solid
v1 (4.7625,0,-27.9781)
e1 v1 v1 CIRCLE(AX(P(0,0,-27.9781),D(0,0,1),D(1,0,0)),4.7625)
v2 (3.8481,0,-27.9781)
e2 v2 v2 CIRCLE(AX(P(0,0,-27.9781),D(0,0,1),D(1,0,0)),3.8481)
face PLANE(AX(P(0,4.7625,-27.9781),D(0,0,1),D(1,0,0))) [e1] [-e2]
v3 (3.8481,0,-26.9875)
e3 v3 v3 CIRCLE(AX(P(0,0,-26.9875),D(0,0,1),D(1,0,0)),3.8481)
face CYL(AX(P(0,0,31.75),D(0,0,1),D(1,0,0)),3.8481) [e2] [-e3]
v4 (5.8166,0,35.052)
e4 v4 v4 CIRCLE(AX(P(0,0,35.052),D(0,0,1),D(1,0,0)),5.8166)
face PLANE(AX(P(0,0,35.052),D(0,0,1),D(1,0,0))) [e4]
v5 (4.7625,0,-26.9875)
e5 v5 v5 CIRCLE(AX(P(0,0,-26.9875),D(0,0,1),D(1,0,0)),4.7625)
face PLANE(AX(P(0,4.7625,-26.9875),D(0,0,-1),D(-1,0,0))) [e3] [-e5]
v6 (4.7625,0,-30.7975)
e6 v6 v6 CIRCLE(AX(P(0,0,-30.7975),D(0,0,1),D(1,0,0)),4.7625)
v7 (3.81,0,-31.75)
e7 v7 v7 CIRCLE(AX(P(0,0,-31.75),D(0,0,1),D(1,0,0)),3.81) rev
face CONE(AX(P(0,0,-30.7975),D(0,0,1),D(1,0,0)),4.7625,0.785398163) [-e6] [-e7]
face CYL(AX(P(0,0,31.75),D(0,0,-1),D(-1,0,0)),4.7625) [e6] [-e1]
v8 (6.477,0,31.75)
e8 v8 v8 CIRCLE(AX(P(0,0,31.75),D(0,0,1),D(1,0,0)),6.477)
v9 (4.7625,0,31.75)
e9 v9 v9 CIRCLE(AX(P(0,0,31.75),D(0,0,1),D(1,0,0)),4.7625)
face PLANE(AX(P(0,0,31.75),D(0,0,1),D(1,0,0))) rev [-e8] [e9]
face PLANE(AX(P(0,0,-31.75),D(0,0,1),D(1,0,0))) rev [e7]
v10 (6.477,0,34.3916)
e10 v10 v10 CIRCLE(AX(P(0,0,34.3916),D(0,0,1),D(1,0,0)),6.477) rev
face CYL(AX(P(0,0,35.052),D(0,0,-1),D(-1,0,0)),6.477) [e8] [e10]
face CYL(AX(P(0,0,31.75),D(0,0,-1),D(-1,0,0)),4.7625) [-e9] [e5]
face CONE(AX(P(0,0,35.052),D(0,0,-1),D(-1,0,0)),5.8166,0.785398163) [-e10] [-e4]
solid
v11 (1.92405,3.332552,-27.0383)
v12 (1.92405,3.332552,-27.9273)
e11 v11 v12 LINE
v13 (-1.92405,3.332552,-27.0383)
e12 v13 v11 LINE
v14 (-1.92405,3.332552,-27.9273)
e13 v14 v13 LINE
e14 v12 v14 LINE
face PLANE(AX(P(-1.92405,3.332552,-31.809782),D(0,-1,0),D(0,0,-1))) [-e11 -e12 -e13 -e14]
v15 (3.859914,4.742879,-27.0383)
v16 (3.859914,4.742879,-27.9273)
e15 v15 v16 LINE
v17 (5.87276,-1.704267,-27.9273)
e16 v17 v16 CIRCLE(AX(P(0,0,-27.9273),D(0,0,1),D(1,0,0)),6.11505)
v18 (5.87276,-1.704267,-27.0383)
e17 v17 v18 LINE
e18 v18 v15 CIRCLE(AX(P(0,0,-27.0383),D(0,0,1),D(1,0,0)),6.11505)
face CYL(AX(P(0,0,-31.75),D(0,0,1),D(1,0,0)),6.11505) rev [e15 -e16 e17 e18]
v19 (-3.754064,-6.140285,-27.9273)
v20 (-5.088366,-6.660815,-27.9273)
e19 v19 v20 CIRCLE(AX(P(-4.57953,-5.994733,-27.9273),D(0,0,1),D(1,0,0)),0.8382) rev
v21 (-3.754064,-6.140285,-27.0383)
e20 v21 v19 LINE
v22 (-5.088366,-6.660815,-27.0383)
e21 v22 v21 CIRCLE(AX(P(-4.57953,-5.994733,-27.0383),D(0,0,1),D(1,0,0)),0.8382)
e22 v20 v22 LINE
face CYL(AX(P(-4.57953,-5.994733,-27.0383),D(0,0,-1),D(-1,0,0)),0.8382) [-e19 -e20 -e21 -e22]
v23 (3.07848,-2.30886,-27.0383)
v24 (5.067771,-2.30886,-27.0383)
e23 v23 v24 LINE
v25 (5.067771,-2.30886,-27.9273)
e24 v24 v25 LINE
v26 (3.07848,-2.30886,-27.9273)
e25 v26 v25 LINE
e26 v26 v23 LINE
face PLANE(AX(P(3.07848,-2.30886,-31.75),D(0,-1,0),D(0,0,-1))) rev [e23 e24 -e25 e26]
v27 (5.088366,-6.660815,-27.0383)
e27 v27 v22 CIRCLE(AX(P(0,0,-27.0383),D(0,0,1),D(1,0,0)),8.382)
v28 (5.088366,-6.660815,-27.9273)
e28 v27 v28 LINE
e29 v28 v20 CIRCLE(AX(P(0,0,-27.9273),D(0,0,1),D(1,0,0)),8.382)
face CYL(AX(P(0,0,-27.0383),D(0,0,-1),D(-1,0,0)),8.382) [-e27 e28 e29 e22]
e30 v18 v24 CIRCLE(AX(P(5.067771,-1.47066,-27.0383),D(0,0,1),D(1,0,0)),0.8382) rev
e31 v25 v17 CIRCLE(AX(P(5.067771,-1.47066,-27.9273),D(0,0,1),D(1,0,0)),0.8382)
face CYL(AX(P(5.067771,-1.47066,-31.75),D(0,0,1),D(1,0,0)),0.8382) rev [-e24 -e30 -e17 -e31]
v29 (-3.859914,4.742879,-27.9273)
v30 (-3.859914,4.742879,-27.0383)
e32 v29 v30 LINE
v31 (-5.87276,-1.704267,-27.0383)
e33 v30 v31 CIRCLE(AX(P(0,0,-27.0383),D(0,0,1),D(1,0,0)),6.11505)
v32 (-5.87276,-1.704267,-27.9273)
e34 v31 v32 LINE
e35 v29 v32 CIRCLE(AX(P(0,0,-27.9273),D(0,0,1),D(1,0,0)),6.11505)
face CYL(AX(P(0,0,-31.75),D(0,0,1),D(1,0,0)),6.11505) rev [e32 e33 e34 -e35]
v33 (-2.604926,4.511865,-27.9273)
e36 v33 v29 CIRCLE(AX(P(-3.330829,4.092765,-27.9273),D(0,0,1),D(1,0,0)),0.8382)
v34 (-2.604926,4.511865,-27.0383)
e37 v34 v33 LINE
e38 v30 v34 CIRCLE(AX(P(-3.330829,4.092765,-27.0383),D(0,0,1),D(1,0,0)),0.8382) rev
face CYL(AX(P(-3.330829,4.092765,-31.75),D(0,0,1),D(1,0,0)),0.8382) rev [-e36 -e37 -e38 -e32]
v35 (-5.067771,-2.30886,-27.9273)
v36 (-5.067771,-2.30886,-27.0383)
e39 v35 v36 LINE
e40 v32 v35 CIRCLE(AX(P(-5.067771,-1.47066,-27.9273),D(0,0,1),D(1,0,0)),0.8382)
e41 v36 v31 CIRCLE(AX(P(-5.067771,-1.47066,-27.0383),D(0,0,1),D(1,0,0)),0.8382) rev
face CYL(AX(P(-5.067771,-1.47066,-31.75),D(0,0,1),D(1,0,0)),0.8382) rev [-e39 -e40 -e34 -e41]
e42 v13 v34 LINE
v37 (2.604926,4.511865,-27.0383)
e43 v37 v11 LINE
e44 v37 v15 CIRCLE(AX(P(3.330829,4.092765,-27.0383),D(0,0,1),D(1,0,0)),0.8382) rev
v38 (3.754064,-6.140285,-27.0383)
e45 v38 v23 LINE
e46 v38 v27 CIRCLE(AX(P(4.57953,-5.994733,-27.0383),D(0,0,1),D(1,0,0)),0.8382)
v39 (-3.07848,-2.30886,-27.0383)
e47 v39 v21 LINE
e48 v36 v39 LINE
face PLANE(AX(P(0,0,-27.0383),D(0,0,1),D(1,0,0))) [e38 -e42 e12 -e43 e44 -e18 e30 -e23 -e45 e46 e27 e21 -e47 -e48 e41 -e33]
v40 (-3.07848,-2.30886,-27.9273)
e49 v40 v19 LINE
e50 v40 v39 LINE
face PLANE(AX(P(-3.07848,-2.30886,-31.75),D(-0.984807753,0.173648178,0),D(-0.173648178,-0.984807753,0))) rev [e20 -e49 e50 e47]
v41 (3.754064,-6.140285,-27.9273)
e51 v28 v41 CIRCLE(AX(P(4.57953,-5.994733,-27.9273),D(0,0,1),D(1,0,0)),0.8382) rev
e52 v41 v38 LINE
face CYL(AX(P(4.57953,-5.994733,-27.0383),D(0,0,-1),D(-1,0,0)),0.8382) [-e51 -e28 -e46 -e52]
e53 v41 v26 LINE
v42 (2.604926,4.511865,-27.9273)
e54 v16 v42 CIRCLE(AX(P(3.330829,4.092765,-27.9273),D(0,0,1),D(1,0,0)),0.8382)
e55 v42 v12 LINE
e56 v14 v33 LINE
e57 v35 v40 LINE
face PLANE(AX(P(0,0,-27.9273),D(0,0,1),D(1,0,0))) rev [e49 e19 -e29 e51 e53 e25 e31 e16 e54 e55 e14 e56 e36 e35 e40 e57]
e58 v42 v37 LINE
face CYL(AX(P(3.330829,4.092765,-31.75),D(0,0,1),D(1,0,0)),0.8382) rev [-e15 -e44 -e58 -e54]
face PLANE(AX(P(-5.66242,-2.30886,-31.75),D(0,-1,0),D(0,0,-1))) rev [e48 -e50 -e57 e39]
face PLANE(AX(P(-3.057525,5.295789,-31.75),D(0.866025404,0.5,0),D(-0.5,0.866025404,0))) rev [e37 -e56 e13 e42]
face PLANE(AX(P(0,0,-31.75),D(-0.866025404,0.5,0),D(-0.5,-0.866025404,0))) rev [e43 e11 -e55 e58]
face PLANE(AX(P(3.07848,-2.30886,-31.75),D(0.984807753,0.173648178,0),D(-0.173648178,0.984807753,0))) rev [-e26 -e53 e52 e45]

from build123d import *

# Parameters (mm, degrees)
SKETCH2_R      = 4.7625
EXTRUDE1_DEPTH = 31.75
SKETCH3_W      = 0.9906
SKETCH3_H      = 0.9144
SKETCH8_R      = 6.477
EXTRUDE6_DEPTH = 3.302
CHAMFER2_SIZE  = 0.6604
SKETCH4_R      = 8.382
SKETCH4_R_2    = 3.8481
EXTRUDE2_DEPTH = 0.4445
EXTRUDE4_DEPTH = 32.75
EXTRUDE5_DEPTH = 0.889
FILLET1_R      = 0.8382
CHAMFER1_SIZE  = 0.9525


with BuildPart() as part:
    # Sketch2 → Extrude1 (new body, symmetric)
    with BuildSketch(Plane.XY):
        Circle(SKETCH2_R)
    extrude(amount=EXTRUDE1_DEPTH, both=True)

    # Sketch3 → Cut-Revolve1 (revolve, cut)
    with BuildSketch(Plane(origin=(0, 0, 0), x_dir=(0, 0, -1), z_dir=(1, 0, 0))):
        with Locations((27.4828, 4.3053)):
            Rectangle(SKETCH3_W, SKETCH3_H)
    revolve(axis=Axis((0, 0, 31.75), (0, 0, -1)), mode=Mode.SUBTRACT)

    # Sketch8 → Extrude6 (add)
    with BuildSketch(Plane.XY.offset(31.75)):
        Circle(SKETCH8_R)
    extrude(amount=EXTRUDE6_DEPTH)

    # Chamfer2
    chamfer2_edges = [part.edges().sort_by_distance(p)[0] for p in [
        (-6.477, 0, 35.052),
    ]]
    chamfer(chamfer2_edges, length=CHAMFER2_SIZE)

    # Chamfer1
    chamfer1_edges = [part.edges().sort_by_distance(p)[0] for p in [
        (-4.7625, 0, -31.75),
    ]]
    chamfer(chamfer1_edges, length=CHAMFER1_SIZE)


with BuildPart() as body_2:
    # Sketch4 → Extrude2 (new body, symmetric)
    with BuildSketch(Plane.XY.offset(-27.4828)):
        Circle(SKETCH4_R)
        Circle(SKETCH4_R_2, mode=Mode.SUBTRACT)
    extrude(amount=EXTRUDE2_DEPTH, both=True)

    # Sketch5 → Extrude4 (cut, through all)
    with BuildSketch(Plane.XY):
        with BuildLine():
            Line((-3.057525, 5.295788645), (0, 0))
            Line((0, 0), (3.057525, 5.295788645))
            ThreePointArc((3.057525, 5.295788645), (5.785069674, 1.981616859), (5.662420154, -2.30886))
            Line((5.662420154, -2.30886), (3.07848, -2.30886))
            Line((3.07848, -2.30886), (3.972784338, -7.380711931))
            ThreePointArc((3.972784338, -7.380711931), (0, -8.382), (-3.972784338, -7.380711931))
            Line((-3.972784338, -7.380711931), (-3.07848, -2.30886))
            Line((-3.07848, -2.30886), (-5.662420154, -2.30886))
            ThreePointArc((-5.662420154, -2.30886), (-5.785069674, 1.981616859), (-3.057525, 5.295788645))
        make_face()
    extrude(amount=-EXTRUDE4_DEPTH, mode=Mode.SUBTRACT)

    # Sketch6 → Extrude5 (add)
    with BuildSketch(Plane.XY.offset(-27.0383)):
        with BuildLine():
            Line((-1.92405, 3.332552356), (1.92405, 3.332552356))
            ThreePointArc((1.92405, 3.332552356), (0, 3.8481), (-1.92405, 3.332552356))
        make_face()
    extrude(amount=-EXTRUDE5_DEPTH)

    # Fillet1
    fillet1_edges = [body_2.edges().sort_by_distance(p)[0] for p in [
        (3.057525, 5.295788645, -27.4828),
        (3.972784338, -7.380711931, -27.4828),
        (-5.662420154, -2.30886, -27.4828),
        (5.662420154, -2.30886, -27.4828),
        (-3.972784338, -7.380711931, -27.4828),
        (-3.057525, 5.295788645, -27.4828),
    ]]
    fillet(fillet1_edges, radius=FILLET1_R)


solid = Compound([part.part, body_2.part])
